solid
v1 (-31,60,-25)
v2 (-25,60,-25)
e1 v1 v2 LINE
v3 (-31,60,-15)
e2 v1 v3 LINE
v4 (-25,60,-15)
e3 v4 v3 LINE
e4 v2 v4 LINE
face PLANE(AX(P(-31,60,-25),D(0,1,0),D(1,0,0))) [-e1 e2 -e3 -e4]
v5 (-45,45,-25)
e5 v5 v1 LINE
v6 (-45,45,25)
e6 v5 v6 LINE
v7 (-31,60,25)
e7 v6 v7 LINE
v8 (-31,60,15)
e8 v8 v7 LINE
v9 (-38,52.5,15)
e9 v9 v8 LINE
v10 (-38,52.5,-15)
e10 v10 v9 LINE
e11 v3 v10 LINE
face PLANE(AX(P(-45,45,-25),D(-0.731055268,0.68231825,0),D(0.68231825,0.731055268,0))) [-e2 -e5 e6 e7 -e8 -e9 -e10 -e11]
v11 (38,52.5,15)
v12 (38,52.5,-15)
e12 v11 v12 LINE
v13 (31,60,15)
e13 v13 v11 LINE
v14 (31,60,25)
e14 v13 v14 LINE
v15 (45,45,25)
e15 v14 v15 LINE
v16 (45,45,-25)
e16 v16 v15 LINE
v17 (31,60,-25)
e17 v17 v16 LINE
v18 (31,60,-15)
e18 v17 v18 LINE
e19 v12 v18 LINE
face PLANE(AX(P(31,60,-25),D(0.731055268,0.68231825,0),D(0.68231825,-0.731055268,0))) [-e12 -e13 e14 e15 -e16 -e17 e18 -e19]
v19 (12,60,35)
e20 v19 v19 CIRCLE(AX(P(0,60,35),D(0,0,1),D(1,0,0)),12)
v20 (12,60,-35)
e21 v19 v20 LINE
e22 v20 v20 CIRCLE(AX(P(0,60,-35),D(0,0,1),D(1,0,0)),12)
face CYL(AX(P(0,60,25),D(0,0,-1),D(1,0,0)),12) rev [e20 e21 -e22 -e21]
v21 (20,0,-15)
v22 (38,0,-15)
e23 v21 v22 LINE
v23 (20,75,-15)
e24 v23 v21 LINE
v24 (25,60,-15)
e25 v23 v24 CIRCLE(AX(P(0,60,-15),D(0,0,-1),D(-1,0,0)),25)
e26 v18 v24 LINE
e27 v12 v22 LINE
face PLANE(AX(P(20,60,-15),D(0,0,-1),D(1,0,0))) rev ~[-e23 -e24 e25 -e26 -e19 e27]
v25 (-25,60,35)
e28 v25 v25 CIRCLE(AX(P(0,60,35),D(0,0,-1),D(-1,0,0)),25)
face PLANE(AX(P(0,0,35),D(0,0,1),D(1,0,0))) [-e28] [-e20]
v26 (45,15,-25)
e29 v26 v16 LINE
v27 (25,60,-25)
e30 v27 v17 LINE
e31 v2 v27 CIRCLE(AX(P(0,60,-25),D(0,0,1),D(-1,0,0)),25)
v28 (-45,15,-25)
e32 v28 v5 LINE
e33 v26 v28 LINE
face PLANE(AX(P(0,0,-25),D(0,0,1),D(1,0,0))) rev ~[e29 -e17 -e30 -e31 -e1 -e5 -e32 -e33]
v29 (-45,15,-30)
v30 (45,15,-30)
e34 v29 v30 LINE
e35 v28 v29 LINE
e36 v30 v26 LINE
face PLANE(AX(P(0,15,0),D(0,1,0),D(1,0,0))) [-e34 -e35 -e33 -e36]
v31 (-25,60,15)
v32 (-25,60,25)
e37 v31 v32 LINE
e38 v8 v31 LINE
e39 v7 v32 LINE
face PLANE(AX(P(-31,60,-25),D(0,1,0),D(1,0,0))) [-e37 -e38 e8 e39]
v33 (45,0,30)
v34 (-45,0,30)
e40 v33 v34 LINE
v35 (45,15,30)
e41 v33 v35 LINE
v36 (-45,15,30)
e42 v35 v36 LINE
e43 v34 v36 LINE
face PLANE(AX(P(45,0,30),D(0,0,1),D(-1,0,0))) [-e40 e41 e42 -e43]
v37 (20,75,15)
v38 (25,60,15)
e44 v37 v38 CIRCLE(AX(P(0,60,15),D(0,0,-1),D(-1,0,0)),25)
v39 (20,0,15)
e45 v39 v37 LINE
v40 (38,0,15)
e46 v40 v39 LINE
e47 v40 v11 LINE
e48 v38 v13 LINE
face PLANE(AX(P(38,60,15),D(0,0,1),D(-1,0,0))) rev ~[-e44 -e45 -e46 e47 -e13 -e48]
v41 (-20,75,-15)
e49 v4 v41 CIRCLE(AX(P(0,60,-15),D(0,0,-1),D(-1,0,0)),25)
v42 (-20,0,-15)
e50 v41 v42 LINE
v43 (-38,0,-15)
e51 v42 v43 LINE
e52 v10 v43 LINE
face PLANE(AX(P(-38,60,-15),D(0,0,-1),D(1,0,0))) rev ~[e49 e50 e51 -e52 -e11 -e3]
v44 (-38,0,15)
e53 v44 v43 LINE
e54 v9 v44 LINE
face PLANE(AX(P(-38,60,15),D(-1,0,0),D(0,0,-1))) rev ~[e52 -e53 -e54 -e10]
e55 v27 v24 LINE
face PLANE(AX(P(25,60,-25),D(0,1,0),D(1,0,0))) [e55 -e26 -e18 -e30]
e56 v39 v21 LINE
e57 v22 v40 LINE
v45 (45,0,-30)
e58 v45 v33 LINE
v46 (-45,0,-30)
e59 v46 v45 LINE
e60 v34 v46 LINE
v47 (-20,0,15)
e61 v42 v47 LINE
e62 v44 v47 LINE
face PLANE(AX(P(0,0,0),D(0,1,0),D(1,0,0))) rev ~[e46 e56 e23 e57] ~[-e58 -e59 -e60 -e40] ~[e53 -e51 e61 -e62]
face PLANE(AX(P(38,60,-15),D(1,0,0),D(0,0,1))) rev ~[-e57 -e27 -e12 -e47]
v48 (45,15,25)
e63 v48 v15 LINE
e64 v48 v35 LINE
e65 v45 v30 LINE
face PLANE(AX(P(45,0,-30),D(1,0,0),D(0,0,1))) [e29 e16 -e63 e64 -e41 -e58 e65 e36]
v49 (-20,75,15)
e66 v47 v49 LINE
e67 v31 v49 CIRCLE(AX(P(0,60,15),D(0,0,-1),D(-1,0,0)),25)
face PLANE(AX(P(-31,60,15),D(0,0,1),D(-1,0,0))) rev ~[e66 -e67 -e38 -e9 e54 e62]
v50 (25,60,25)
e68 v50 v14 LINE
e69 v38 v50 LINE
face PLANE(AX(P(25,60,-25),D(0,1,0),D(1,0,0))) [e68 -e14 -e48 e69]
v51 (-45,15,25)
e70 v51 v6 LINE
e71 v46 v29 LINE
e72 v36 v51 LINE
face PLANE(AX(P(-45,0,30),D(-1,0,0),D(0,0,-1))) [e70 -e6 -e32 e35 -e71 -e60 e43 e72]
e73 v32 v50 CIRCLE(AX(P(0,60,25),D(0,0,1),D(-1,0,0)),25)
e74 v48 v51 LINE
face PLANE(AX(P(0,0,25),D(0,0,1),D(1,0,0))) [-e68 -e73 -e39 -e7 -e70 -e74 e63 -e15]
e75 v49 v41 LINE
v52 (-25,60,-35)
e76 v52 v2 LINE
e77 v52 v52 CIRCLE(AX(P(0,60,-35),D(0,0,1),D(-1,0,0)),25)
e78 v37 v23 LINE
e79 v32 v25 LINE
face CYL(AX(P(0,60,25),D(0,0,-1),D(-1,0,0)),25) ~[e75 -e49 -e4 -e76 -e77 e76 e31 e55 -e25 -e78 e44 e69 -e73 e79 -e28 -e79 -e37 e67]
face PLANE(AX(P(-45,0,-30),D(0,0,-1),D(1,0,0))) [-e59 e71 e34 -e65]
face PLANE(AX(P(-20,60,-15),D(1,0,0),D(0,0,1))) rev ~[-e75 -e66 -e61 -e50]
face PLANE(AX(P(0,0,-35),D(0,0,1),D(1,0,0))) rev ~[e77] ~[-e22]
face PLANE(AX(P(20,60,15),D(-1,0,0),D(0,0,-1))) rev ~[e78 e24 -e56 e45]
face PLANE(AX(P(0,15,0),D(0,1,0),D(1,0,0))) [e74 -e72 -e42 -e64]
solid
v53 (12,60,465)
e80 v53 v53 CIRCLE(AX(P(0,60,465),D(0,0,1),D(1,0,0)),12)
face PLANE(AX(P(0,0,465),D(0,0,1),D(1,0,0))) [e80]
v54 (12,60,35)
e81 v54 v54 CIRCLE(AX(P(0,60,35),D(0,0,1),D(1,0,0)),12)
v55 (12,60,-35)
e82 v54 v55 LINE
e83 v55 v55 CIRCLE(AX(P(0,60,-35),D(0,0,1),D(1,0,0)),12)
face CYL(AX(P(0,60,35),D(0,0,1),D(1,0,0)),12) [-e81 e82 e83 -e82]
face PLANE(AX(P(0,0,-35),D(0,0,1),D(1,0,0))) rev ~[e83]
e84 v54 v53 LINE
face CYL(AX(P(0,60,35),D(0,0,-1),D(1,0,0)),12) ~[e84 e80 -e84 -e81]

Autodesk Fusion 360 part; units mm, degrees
sketch "Sketch1" plane through (0, 0, 0) normal (0, 1, 0) x (1, 0, 0)
  line L0 (45, -30) -> (-45, -30)
  line L1 (-45, -30) -> (-45, 30)
  line L2 (-45, 30) -> (45, 30)
  line L3 (45, 30) -> (45, -30)
  line L4 (45, -30) -> (-45, 30) construction
  line L5 (-45, -30) -> (45, 30) construction
  dimension "d1" = 90
  dimension "d2" = 60
extrude "Extrude1" add sketch "Sketch1" along normal blind 15 makes body 1
sketch "Sketch2" plane through (0, 0, 30) normal (0, 0, 1) x (1, 0, 0)
  line L0 (-45, 0) -> (45, 0)
  line L1 (45, 0) -> (45, 15)
  line L2 (45, 15) -> (-45, 15)
  line L3 (-45, 15) -> (-45, 0)
  line L4 (-45, 15) -> (-45, 45)
  line L5 (45, 15) -> (45, 45)
  line L6 (0, 15) -> (0, 60) construction
  arc A0 (-25, 60) -> (25, 60) centre (0, 60) ccw
  line L7 (-45, 45) -> (-31, 45) construction
  line L8 (45, 45) -> (31, 45) construction
  line L9 (-31, 45) -> (-31, 60) construction
  line L10 (31, 45) -> (31, 60) construction
  line L11 (-45, 45) -> (-31, 60)
  line L12 (-31, 60) -> (-25, 60)
  line L13 (25, 60) -> (31, 60)
  line L14 (31, 60) -> (45, 45)
  dimension "d5" = 30
  dimension "d6" = 45
  dimension "d7" = 25
  dimension "d8" = 14
  dimension "d9" = 14
  dimension "d10" = 15
  dimension "d11" = 15
extrude "Extrude2" add sketch "Sketch2" along normal blind -5 and the other way blind 55 contours L2 L4 L5 A0 L11 L12 L13 L14 bodies 1
sketch "Sketch3" plane through (0, 0, 25) normal (0, 0, 1) x (1, 0, 0)
  line L0 (45, 15) -> (45, 45)
  line L1 (45, 45) -> (31, 60)
  line L2 (31, 60) -> (25, 60)
  arc A0 (-25, 60) -> (25, 60) centre (0, 60) ccw
  line L3 (-25, 60) -> (-31, 60)
  line L4 (-31, 60) -> (-45, 45)
  line L5 (-45, 45) -> (-45, 15)
  line L6 (-45, 15) -> (45, 15)
  circle A1 centre (0, 60) radius 25
  circle A2 centre (0, 60) radius 12
  dimension "d16" = 50
  dimension "d17" = 24
extrude "Extrude3" add sketch "Sketch3" along normal blind 10 and the other way blind 60 contours A0 A1 bodies 1
sketch "Sketch4" plane through (0, 60, 0) normal (0, 1, 0) x (-1, 0, 0)
  line L0 (31, 25) -> (25, 25)
  line L1 (25, 25) -> (25, -25)
  line L2 (25, -25) -> (31, -25)
  line L3 (31, -25) -> (31, 25)
  line L4 (38, -15) -> (20, -15)
  line L5 (20, -15) -> (20, 15)
  line L6 (20, 15) -> (38, 15)
  line L7 (38, 15) -> (38, -15)
  line L8 (45, 25) -> (45, -25)
  line L9 (45, -25) -> (31, -25)
  line L10 (-20, 15) -> (-20, -15)
  line L11 (-20, -15) -> (-38, -15)
  line L12 (-38, -15) -> (-38, 15)
  line L13 (-38, 15) -> (-20, 15)
  dimension "d22" = 18
  dimension "d23" = 30
  dimension "d24" = 7
  dimension "d25" = 10
  dimension "d28" = -58
  dimension "d29" = 0
  dimension "d30" = 40
extrude "Extrude4" cut sketch "Sketch4" along normal blind 50 and the other way blind 60 contours L3 L4 L6 L7 | L1 L3 L4 L6 | L1 L4 L5 L6 | L10 L11 L12 L13 bodies 1
sketch "Sketch5" plane through (0, 0, 35) normal (0, 0, 1) x (1, 0, 0)
  circle A0 centre (0, 60) radius 12
  circle A1 centre (0, 60) radius 25
  circle A2 centre (0, 60) radius 12
  dimension "d35" = 24
extrude "Extrude5" add sketch "Sketch5" along normal blind 430 and the other way blind 70 separate body contours A0 A2 makes body 2
copy_body "Body->Comp1" bodies 1 removing the originals makes body 3 in component "Detail"
copy_body "Body->Comp2" bodies 2 removing the originals makes body 4 in component "Rod"
component "Detail" placed x (1, 0, 0) y (0, 1, 0) z (0, 0, 1) at (0, 0, 0)
component "Rod" placed x (1, 0, 0) y (0, 1, 0) z (0, 0, 1) at (0, 0, 0)
